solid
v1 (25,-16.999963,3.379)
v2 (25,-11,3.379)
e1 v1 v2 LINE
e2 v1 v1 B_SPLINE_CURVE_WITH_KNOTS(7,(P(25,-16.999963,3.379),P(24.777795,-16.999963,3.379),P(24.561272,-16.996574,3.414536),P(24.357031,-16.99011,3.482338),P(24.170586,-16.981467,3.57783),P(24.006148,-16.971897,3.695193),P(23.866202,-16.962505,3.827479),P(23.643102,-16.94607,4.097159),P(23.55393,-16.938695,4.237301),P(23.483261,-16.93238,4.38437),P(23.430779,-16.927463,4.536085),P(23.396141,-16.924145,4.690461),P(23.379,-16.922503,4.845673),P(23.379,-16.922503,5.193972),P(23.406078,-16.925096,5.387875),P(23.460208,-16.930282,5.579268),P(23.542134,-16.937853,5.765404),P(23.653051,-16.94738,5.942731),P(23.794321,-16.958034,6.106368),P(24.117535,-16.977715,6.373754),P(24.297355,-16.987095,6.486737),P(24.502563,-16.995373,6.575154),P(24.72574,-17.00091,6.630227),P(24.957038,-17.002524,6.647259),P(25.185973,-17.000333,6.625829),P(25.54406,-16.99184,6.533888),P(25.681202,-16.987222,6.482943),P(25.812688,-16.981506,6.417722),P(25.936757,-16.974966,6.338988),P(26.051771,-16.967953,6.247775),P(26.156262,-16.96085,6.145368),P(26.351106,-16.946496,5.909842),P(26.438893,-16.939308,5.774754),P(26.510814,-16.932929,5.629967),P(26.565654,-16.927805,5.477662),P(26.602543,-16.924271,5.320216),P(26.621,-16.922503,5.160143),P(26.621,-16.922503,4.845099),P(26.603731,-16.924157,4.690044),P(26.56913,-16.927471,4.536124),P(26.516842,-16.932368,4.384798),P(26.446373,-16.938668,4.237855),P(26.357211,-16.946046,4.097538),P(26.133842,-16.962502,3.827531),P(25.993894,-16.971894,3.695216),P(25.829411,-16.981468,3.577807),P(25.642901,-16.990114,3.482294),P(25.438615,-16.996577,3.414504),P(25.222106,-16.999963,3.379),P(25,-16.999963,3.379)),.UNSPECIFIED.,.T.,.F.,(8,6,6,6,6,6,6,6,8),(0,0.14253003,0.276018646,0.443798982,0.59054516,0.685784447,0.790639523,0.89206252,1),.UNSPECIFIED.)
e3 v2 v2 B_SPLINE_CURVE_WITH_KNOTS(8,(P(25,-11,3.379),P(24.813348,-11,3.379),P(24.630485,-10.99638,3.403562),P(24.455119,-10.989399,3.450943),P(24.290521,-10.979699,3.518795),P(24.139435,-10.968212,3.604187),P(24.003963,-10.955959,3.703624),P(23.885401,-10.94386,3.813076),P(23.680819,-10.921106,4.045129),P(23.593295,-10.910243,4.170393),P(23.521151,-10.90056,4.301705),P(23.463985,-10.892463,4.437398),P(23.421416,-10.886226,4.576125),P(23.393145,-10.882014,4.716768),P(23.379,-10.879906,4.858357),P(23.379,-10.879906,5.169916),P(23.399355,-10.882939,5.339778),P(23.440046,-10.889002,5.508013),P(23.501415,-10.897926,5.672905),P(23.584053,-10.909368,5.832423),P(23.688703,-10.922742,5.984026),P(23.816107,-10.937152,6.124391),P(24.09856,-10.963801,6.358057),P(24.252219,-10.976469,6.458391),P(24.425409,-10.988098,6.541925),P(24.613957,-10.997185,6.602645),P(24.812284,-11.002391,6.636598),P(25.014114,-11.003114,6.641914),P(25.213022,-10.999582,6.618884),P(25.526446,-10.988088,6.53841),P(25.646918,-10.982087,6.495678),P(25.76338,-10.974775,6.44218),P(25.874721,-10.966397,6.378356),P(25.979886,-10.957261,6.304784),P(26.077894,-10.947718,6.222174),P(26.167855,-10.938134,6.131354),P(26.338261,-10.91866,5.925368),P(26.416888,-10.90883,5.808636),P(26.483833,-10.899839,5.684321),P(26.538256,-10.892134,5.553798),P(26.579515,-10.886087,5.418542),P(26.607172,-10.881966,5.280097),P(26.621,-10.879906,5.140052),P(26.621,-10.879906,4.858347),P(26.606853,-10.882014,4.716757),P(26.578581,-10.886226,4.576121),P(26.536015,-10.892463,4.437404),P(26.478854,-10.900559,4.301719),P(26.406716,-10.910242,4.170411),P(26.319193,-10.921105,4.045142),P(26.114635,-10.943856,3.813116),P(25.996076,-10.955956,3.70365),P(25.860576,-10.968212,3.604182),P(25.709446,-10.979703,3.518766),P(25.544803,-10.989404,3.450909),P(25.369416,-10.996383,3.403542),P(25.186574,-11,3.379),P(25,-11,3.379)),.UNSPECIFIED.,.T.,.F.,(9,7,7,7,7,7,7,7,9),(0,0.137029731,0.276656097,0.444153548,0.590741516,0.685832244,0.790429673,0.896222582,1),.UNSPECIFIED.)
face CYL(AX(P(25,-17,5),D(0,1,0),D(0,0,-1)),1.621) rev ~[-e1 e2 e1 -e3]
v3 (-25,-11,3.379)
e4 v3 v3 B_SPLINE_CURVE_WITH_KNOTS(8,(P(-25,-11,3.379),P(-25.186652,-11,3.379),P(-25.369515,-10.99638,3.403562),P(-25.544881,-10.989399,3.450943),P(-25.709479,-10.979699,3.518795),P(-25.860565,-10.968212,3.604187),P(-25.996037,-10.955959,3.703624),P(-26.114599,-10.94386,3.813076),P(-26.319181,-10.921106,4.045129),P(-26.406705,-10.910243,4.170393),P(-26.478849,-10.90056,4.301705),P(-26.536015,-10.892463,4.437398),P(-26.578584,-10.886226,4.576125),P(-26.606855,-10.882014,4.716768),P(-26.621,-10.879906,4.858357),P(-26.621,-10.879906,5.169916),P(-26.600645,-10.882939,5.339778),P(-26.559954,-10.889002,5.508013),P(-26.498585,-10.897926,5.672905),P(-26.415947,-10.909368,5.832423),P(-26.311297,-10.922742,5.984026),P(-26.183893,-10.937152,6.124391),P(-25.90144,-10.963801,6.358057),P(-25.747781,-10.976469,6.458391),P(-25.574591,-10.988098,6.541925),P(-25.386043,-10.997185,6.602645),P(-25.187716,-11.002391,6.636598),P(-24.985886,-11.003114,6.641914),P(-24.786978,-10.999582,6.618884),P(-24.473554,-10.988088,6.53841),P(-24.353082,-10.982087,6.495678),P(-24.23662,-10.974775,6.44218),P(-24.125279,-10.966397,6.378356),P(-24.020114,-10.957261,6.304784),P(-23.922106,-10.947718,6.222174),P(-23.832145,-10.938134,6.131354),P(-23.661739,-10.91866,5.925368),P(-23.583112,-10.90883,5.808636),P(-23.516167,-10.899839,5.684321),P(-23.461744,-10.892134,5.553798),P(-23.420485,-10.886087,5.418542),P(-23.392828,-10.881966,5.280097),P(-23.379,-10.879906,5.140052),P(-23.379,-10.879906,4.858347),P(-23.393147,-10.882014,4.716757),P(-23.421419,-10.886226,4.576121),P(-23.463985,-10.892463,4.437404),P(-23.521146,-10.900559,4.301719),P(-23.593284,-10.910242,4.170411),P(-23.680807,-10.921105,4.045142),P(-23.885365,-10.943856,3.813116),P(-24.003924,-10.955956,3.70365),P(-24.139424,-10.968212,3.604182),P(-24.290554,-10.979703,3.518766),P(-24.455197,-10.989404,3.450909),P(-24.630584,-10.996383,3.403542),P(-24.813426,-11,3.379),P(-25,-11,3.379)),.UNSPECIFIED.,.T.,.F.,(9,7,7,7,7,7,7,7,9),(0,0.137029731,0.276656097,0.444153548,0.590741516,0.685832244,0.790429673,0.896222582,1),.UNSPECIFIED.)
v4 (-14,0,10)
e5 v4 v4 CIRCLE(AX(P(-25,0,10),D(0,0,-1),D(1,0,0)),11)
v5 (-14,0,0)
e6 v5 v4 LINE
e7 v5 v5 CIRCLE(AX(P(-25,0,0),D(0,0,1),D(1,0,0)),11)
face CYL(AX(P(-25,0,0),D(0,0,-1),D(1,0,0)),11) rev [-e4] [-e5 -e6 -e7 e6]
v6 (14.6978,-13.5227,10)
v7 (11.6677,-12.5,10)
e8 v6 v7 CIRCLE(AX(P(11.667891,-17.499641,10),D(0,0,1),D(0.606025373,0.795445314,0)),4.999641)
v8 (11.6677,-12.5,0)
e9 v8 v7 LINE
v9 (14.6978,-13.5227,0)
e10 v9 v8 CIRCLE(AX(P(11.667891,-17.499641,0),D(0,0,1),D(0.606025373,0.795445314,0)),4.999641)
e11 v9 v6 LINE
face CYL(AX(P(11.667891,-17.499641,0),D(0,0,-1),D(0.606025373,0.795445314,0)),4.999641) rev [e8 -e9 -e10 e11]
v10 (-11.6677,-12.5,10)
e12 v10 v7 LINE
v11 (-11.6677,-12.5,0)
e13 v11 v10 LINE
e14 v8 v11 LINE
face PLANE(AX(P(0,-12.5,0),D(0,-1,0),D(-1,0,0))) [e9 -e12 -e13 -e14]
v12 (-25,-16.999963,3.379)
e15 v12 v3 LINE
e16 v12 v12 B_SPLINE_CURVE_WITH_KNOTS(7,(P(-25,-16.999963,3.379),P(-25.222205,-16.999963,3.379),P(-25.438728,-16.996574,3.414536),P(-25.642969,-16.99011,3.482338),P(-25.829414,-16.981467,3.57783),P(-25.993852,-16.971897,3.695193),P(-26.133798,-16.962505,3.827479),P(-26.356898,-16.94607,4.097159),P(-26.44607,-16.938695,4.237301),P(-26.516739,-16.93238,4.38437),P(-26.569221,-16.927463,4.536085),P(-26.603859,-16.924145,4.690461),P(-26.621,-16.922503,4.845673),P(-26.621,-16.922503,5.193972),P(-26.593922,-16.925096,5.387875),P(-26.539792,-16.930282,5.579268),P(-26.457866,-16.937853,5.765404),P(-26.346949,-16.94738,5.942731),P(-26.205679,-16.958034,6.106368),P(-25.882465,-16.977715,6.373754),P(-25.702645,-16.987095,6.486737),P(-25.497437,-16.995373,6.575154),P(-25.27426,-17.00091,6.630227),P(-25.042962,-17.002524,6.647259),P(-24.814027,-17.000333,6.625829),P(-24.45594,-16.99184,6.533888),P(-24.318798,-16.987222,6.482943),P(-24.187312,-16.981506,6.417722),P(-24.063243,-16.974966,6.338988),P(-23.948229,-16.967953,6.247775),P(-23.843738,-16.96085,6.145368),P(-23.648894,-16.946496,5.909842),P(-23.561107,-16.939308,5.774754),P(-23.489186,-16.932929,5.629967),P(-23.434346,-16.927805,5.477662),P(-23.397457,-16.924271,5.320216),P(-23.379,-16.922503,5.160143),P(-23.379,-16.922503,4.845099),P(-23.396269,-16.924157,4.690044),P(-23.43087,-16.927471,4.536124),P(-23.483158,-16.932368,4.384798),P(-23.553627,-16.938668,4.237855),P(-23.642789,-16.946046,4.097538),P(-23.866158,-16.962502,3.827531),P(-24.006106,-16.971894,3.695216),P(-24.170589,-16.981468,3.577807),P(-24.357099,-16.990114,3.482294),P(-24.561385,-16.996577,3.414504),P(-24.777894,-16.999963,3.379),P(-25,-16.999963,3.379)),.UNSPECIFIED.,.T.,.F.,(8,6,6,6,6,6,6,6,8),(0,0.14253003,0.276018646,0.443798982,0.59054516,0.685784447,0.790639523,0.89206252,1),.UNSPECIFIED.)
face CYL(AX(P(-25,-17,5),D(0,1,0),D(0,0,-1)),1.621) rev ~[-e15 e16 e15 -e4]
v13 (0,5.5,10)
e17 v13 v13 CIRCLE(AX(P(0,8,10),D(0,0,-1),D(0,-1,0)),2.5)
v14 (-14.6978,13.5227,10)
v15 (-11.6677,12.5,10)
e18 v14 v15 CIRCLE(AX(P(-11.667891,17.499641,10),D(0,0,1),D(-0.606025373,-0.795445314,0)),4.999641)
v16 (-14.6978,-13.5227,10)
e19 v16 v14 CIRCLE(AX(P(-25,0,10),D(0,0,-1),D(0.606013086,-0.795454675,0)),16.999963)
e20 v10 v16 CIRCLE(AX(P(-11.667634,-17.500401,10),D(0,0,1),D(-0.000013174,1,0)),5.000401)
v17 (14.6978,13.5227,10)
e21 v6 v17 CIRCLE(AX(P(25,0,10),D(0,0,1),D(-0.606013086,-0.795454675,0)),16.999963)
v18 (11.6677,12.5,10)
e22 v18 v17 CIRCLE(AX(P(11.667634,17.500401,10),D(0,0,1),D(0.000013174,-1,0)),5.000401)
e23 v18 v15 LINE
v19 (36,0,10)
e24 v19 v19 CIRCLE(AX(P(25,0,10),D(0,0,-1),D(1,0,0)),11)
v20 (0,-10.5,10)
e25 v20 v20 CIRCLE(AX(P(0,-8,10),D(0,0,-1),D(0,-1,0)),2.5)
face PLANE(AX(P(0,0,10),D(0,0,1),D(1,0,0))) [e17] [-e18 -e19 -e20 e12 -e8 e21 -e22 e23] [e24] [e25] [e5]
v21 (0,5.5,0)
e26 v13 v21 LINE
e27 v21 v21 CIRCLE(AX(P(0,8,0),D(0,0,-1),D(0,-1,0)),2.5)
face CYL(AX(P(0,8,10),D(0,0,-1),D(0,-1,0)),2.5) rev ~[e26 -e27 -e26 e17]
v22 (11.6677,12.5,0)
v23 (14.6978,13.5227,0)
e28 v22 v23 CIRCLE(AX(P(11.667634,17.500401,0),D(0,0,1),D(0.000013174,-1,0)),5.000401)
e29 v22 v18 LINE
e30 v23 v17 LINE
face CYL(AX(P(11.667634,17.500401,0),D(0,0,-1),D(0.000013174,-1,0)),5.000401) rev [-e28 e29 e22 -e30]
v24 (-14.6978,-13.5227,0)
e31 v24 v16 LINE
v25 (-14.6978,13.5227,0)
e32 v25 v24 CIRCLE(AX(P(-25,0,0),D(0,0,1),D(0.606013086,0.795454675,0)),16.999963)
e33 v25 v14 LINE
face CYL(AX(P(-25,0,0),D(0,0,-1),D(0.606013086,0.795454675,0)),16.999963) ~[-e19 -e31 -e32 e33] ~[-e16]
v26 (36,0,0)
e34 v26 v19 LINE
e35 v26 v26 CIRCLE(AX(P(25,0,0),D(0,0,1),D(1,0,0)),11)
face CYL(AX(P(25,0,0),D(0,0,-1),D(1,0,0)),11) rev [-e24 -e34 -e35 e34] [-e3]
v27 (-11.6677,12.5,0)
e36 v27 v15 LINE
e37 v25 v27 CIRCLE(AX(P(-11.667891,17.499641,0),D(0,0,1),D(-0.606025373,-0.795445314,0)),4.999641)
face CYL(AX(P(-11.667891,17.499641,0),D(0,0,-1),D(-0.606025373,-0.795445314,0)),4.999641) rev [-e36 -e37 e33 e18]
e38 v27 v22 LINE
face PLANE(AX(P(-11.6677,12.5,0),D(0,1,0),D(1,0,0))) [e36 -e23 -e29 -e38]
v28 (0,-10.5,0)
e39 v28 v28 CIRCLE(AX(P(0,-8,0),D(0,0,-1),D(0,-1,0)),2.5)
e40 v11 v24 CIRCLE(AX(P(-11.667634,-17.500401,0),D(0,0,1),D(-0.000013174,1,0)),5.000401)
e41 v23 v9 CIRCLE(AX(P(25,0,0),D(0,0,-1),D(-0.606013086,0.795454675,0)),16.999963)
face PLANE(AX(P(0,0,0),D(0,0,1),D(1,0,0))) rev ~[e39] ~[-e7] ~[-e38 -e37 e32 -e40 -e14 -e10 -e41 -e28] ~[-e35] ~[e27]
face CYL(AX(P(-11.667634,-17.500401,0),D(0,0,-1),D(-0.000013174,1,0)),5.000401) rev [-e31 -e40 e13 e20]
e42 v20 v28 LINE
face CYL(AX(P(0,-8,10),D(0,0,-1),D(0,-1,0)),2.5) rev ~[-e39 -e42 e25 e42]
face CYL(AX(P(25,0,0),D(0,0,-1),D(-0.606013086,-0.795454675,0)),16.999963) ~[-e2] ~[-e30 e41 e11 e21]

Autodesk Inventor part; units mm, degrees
ref_plane "YZ Plane" through (0, 0, 0) normal (1, 0, 0) x (0, 1, 0)
ref_plane "XY Plane" through (0, 0, 0) normal (0, 0, 1) x (1, 0, 0)
sketch "Skizze1" plane through (0, 0, 0) normal (0, 0, 1) x (1, 0, 0)
  line L0 (-58.8, 0) -> (58.8, 0) projected
  line L1 (0, -24.5) -> (0, 24.5) projected
  circle A0 centre (-25, 0) radius 11
  circle A1 centre (25, 0) radius 11
  arc A2 (-14.6978, 13.5227) -> (-14.6978, -13.5227) centre (-25, 0) ccw
  arc A3 (14.6978, -13.5227) -> (14.6978, 13.5227) centre (25, 0) ccw
  line L2 (11.6677, -12.5) -> (-11.6677, -12.5)
  line L3 (-11.6677, 12.5) -> (11.6677, 12.5)
  arc A4 (-11.6677, -12.5) -> (-14.6978, -13.5227) centre (-11.6677, -17.5) ccw
  arc A5 (14.6978, -13.5227) -> (11.6677, -12.5) centre (11.6677, -17.5) ccw
  arc A6 (11.6677, 12.5) -> (14.6978, 13.5227) centre (11.6677, 17.5) ccw
  arc A7 (-14.6978, 13.5227) -> (-11.6677, 12.5) centre (-11.6677, 17.5) ccw
  point P0 (0, 0)
  point P1 (-13.4783, -12.5)
  point P2 (13.4783, 12.5)
  point P3 (13.4783, -12.5)
  point P4 (-13.4783, 12.5)
  dimension "d0" = 50
  dimension "d1" = 22
  dimension "d2" = 34
  dimension "d4" = 25
  dimension "d5" = 5
  dimension "d6" = 6
extrude "Extrusion1" add sketch "Skizze1" along normal blind 10 contours A2 A7 L3 L1 L0 A0 | L0 A0 L1 L2 A4 A2 | L1 L3 A6 A3 L0 A1 | L0 A1 A3 A5 L2 L1
ref_plane "Arbeitsebene1" through (25, -17, 0) normal (0, 1, 0) x (-1, 0, 0)
sketch "Skizze2" plane through (25, -17, 0) normal (0, 1, 0) x (-1, 0, 0)
  line L0 (-33.8, 0) -> (83.8, 0) projected
  line L1 (25, -2) -> (25, 12) projected
  line L2 (39.6978, 10) -> (67, 10) projected
  line L3 (-17, 10) -> (10.3022, 10) projected
  line L4 (-17, 0) -> (-17, 10) projected
  line L5 (67, 0) -> (67, 10) projected
  line L6 (67, 5) -> (-17, 5)
  point P0 (25, 0)
  point P1 (50, 5)
  point P2 (0, 5)
  dimension "d9" = 50
hole "Bohrung1" at (-25, -17, 5) at (25, -17, 5) direction (0, 1, 0) diameter 3.242 depth 8 tip angle 118 thread size "M4x0.7" class "6H" standard "ISO Metric profile"
sketch "Skizze3" plane through (0, 0, 10) normal (0, 0, 1) x (1, 0, 0)
  circle A0 centre (0, -8) radius 1.5 projected
  circle A1 centre (0, 8) radius 1.5 projected
  point P0 (0, 0)
hole "Bohrung2" at (0, 8, 10) at (0, -8, 10) direction (0, 0, -1) diameter 5 end through all
properties part number "13_0204_047"
